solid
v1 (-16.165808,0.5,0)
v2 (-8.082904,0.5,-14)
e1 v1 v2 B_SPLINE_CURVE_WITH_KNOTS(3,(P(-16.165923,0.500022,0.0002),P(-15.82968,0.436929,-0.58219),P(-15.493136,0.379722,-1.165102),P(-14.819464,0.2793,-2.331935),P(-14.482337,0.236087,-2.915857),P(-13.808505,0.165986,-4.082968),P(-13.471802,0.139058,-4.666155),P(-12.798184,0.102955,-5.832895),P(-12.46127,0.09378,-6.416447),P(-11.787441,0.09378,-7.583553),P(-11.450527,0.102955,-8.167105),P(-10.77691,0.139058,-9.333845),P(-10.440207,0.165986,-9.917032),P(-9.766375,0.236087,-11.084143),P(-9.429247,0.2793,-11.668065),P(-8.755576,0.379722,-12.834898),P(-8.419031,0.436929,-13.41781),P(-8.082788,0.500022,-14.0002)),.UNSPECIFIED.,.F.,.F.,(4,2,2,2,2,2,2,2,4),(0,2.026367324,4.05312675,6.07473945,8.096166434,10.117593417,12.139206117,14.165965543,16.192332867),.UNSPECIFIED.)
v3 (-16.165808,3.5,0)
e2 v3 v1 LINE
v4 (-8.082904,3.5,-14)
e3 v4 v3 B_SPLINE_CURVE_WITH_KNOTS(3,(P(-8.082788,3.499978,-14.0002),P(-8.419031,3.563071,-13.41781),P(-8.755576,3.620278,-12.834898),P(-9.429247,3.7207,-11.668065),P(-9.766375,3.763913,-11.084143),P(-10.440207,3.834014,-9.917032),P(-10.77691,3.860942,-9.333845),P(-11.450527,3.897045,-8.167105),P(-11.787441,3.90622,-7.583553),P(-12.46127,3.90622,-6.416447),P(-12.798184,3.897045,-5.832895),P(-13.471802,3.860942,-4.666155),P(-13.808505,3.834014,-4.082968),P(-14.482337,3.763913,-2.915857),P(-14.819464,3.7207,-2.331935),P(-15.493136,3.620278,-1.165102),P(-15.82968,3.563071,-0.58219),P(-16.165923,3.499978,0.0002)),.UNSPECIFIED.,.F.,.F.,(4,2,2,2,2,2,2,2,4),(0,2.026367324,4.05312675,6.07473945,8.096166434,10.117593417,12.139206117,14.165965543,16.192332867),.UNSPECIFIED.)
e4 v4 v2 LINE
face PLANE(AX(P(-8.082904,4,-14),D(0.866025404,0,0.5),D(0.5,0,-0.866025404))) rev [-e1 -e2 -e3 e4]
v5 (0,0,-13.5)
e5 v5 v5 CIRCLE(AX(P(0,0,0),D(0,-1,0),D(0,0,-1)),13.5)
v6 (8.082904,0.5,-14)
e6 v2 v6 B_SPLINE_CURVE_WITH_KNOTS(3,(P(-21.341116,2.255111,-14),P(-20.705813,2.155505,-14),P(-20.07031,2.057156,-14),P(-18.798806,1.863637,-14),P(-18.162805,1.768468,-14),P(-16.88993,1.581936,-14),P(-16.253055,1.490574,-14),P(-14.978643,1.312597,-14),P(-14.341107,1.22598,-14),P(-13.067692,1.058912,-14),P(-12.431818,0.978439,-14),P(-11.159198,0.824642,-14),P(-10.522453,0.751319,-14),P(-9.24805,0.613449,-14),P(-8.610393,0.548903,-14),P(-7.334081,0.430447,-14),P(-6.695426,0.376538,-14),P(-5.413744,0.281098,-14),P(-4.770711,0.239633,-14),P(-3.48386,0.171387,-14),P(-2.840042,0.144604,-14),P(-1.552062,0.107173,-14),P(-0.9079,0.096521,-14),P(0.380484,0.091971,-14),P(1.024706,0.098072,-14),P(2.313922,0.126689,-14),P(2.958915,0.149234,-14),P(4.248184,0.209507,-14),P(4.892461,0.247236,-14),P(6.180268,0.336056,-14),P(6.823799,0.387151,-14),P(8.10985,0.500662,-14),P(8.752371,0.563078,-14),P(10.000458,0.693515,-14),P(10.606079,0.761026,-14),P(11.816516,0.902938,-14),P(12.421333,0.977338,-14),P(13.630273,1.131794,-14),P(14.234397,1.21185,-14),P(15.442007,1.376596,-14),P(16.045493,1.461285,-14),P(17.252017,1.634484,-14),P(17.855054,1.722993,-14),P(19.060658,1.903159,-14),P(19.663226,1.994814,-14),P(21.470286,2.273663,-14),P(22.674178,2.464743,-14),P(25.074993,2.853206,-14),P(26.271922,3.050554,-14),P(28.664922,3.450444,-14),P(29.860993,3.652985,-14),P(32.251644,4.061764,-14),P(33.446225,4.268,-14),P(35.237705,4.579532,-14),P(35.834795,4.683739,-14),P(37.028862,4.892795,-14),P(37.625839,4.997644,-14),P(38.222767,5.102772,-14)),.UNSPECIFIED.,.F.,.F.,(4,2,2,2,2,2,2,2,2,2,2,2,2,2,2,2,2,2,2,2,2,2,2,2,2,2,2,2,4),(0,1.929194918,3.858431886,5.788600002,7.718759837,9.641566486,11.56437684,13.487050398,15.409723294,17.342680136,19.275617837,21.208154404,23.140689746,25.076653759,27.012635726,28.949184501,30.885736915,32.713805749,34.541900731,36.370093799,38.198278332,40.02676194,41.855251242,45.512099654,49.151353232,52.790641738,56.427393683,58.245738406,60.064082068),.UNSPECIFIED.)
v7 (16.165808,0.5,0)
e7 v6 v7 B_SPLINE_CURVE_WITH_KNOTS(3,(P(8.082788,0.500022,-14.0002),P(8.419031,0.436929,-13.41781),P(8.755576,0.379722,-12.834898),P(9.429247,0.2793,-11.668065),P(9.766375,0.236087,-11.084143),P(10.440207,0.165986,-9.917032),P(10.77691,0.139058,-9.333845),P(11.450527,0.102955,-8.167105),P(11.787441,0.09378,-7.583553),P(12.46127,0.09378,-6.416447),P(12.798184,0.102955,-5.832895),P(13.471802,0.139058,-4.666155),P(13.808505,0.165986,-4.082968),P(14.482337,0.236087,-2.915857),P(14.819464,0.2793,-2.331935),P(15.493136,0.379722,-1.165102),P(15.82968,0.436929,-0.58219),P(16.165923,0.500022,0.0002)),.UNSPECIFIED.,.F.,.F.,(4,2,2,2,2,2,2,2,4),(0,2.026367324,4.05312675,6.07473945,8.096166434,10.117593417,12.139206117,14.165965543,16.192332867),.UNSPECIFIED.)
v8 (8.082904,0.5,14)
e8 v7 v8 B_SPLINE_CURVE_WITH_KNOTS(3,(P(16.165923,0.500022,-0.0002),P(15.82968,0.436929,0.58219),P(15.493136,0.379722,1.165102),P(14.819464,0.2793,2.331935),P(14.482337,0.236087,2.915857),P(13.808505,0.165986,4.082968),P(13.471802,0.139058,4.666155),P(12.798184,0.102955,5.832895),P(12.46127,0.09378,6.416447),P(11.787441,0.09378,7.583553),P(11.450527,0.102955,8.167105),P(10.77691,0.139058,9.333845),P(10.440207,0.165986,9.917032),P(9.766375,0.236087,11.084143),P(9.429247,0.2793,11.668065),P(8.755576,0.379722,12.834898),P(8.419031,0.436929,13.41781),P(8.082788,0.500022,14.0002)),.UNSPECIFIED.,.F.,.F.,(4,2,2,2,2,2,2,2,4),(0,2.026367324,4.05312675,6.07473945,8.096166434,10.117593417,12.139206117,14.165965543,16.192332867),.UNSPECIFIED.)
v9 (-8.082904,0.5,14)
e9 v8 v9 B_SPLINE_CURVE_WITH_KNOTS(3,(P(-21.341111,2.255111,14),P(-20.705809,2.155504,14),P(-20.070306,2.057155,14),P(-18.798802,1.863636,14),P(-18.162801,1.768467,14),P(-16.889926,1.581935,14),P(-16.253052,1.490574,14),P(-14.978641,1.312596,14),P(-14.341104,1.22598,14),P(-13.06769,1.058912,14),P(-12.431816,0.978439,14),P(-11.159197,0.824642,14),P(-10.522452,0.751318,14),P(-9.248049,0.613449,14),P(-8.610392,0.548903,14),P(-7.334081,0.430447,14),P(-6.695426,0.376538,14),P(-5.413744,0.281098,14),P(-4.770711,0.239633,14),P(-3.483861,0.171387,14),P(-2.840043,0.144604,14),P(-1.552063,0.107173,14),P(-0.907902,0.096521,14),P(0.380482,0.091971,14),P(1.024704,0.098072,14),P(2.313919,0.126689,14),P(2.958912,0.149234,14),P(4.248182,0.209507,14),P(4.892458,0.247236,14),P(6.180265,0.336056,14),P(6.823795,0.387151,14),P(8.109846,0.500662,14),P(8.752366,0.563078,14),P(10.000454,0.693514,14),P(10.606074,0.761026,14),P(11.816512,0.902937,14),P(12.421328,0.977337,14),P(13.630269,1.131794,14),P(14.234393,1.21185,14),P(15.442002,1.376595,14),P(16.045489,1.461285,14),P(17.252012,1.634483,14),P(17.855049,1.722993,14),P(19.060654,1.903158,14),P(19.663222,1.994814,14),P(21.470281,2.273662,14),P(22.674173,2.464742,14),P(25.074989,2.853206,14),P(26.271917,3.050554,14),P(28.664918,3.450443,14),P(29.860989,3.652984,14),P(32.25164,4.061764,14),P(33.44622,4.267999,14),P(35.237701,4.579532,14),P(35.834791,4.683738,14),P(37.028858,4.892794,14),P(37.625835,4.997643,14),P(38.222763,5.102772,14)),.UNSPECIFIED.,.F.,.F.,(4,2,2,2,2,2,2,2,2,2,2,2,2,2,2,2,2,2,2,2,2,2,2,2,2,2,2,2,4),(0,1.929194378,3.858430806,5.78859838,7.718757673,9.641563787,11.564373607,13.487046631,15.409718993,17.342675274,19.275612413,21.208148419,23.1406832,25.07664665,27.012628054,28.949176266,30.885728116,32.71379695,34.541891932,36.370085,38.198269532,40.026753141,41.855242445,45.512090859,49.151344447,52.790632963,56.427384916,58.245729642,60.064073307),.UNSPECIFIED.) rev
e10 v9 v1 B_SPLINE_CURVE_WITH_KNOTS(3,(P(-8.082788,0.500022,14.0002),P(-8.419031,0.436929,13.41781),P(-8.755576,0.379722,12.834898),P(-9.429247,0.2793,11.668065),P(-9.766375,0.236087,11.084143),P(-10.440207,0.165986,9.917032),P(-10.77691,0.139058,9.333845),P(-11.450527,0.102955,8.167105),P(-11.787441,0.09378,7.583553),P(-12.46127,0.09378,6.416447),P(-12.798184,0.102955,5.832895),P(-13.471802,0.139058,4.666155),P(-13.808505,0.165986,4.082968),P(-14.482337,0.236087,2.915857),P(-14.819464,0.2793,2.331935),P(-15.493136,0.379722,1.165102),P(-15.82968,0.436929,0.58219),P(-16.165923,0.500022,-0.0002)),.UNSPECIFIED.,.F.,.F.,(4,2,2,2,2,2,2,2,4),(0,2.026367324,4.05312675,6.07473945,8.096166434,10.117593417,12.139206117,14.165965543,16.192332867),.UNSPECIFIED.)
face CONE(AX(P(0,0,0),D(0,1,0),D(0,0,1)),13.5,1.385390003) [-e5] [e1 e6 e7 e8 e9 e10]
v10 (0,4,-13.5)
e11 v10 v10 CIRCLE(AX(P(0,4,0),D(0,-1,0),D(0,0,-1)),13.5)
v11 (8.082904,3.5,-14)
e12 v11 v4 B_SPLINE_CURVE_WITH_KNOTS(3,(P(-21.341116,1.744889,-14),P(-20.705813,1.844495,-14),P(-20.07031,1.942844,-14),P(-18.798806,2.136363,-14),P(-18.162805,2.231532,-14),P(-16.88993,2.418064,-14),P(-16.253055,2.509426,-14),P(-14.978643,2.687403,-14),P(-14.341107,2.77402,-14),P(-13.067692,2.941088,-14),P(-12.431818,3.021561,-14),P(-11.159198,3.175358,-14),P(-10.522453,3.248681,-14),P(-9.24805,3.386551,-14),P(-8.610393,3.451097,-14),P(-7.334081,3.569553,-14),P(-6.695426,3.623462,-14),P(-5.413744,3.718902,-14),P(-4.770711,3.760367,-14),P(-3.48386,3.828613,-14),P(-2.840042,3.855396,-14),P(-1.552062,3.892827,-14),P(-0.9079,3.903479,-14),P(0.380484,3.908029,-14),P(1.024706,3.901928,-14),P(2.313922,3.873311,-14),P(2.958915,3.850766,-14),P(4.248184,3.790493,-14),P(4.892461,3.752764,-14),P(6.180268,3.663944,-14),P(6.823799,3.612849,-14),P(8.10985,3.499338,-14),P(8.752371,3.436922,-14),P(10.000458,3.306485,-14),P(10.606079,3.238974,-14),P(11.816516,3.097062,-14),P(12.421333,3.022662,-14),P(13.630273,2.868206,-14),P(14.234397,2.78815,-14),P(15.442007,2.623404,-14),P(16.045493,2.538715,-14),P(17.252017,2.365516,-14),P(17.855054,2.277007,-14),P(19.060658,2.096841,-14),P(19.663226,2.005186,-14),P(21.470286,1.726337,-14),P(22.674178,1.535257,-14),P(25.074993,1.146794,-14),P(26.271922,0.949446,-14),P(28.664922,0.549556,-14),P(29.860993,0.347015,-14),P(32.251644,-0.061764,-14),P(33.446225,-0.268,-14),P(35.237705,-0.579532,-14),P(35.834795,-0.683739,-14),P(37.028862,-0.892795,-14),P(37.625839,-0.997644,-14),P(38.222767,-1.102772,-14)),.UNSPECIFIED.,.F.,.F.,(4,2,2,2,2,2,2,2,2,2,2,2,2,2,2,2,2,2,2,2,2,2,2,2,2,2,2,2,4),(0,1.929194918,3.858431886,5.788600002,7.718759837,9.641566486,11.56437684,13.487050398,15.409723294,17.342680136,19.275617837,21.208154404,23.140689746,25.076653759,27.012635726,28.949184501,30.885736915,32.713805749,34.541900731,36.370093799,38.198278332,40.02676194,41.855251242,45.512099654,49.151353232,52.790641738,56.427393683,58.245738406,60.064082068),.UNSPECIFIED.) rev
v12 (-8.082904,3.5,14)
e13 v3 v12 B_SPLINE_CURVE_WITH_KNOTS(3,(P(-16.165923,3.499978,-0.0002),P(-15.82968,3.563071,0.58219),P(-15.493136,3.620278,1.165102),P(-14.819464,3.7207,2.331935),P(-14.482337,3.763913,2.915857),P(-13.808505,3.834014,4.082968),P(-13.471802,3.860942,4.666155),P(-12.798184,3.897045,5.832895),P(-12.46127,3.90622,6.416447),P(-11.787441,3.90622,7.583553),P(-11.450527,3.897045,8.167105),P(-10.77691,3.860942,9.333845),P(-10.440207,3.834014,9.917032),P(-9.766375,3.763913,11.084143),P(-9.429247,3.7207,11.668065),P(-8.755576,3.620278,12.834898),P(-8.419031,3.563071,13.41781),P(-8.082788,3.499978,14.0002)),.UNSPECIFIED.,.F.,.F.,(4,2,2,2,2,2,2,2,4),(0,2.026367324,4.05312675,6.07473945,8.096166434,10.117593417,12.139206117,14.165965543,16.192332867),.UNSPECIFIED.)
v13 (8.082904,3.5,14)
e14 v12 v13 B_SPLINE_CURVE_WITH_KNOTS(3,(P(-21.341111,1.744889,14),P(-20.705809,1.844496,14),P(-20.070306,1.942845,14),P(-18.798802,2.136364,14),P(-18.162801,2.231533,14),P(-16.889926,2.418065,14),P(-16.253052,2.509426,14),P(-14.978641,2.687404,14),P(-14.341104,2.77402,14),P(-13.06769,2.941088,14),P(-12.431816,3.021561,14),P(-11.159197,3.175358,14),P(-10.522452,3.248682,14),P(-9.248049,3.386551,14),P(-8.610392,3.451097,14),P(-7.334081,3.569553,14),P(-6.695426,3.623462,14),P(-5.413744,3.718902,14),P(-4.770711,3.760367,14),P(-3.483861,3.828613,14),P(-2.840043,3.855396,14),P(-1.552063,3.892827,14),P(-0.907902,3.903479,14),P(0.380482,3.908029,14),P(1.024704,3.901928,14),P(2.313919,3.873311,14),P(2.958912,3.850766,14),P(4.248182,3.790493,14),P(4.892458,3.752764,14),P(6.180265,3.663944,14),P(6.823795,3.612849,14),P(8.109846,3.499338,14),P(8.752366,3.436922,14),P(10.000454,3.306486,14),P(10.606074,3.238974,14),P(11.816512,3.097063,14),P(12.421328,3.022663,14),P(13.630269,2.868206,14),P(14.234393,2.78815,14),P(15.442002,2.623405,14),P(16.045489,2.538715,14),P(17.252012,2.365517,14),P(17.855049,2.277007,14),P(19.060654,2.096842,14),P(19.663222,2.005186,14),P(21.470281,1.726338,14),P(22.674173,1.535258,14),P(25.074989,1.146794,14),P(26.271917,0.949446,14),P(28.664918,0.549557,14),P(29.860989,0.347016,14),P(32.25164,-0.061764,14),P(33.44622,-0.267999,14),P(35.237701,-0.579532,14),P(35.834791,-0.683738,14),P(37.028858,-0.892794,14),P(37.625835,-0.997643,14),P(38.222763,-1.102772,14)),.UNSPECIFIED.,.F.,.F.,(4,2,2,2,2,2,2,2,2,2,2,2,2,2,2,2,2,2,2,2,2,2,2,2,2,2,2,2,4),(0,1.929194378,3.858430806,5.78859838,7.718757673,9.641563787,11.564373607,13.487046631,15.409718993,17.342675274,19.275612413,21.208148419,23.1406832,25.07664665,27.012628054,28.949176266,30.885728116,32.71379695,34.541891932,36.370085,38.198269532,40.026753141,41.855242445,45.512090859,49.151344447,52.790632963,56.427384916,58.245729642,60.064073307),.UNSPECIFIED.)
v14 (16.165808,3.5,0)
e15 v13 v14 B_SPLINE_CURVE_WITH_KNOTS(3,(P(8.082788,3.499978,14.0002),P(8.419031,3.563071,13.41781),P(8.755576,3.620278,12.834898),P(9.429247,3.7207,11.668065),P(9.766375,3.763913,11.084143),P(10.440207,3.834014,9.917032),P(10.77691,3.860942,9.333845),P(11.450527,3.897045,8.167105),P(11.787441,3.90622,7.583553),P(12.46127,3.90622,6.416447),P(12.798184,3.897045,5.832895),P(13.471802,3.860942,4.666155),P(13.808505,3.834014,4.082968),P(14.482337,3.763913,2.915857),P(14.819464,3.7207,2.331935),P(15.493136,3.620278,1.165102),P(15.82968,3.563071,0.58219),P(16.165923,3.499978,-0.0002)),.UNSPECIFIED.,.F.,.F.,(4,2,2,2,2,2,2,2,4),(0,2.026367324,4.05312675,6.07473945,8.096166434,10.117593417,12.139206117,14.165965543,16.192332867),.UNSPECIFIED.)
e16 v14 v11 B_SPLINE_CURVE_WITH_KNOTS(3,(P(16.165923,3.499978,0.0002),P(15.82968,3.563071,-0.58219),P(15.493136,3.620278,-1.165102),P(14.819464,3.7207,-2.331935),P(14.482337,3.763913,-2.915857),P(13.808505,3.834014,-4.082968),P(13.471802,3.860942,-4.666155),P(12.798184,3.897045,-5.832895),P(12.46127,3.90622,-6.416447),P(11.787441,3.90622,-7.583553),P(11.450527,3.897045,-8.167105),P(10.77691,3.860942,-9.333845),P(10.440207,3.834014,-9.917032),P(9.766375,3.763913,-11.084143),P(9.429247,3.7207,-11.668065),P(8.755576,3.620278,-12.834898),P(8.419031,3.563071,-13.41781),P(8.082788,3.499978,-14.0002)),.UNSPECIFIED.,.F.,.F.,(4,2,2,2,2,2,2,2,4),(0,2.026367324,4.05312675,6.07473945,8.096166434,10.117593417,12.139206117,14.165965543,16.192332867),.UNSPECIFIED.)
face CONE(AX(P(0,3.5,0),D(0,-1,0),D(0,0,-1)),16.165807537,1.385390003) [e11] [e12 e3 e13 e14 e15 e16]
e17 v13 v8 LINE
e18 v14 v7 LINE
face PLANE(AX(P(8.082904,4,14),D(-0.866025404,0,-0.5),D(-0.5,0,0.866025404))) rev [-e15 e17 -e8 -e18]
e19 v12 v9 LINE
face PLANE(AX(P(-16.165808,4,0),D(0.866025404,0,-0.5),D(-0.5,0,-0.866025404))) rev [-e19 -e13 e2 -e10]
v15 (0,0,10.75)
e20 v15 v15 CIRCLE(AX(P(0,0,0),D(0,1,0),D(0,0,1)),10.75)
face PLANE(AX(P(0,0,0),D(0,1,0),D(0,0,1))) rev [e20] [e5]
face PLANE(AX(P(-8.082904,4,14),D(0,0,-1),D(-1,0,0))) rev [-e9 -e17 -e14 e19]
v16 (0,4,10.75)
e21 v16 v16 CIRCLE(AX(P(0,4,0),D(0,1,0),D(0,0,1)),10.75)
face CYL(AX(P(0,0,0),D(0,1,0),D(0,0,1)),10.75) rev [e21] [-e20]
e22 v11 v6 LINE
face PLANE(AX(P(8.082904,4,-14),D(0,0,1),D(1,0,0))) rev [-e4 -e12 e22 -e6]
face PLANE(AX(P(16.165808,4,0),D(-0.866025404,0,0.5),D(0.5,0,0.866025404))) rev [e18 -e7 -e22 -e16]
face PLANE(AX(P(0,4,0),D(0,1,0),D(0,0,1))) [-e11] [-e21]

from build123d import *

# Parameters (mm, degrees)
EXTRUDE_1_DEPTH     = 4
SKETCH_2_R          = 10.75
CUT_EXTRUDE_1_DEPTH = 22.756225163


with BuildPart() as part:
    # 草图1 → 凸台-拉伸1 (new body)
    with BuildSketch(Plane(origin=(0, 0, 0), x_dir=(1, 0, 0), z_dir=(0, 1, 0))):
        Polygon((8.082903769, 14), (-8.082903769, 14), (-16.165807537, 0), (-8.082903769, -14), (8.082903769, -14), (16.165807537, 0), align=None)
    extrude(amount=EXTRUDE_1_DEPTH)

    # 草图2 → 切除-拉伸1 (cut, through all)
    with BuildSketch(Plane(origin=(0, 4, 0), x_dir=(1, 0, 0), z_dir=(0, 1, 0))):
        with Locations(Location((0, 0, 0), (0, 0, 270))):
            Circle(SKETCH_2_R)
    extrude(amount=-CUT_EXTRUDE_1_DEPTH, mode=Mode.SUBTRACT)

    # 草图3 → 切除-旋转1 (revolve, cut)
    with BuildSketch(Plane.XY, mode=Mode.PRIVATE) as cut_revolve_1_sk:
        Polygon((-16.165807537, 4), (-16.165807537, 3.5), (-13.5, 4), align=None)
        Polygon((-13.5, 0), (-16.165807537, 0), (-16.165807537, 0.5), align=None)
    revolve(cut_revolve_1_sk.sketch.rotate(Axis((0, 0, 0), (0, 1, 0)), 270), axis=Axis((0, 0, 0), (0, 1, 0)), mode=Mode.SUBTRACT)


solid = part.part
